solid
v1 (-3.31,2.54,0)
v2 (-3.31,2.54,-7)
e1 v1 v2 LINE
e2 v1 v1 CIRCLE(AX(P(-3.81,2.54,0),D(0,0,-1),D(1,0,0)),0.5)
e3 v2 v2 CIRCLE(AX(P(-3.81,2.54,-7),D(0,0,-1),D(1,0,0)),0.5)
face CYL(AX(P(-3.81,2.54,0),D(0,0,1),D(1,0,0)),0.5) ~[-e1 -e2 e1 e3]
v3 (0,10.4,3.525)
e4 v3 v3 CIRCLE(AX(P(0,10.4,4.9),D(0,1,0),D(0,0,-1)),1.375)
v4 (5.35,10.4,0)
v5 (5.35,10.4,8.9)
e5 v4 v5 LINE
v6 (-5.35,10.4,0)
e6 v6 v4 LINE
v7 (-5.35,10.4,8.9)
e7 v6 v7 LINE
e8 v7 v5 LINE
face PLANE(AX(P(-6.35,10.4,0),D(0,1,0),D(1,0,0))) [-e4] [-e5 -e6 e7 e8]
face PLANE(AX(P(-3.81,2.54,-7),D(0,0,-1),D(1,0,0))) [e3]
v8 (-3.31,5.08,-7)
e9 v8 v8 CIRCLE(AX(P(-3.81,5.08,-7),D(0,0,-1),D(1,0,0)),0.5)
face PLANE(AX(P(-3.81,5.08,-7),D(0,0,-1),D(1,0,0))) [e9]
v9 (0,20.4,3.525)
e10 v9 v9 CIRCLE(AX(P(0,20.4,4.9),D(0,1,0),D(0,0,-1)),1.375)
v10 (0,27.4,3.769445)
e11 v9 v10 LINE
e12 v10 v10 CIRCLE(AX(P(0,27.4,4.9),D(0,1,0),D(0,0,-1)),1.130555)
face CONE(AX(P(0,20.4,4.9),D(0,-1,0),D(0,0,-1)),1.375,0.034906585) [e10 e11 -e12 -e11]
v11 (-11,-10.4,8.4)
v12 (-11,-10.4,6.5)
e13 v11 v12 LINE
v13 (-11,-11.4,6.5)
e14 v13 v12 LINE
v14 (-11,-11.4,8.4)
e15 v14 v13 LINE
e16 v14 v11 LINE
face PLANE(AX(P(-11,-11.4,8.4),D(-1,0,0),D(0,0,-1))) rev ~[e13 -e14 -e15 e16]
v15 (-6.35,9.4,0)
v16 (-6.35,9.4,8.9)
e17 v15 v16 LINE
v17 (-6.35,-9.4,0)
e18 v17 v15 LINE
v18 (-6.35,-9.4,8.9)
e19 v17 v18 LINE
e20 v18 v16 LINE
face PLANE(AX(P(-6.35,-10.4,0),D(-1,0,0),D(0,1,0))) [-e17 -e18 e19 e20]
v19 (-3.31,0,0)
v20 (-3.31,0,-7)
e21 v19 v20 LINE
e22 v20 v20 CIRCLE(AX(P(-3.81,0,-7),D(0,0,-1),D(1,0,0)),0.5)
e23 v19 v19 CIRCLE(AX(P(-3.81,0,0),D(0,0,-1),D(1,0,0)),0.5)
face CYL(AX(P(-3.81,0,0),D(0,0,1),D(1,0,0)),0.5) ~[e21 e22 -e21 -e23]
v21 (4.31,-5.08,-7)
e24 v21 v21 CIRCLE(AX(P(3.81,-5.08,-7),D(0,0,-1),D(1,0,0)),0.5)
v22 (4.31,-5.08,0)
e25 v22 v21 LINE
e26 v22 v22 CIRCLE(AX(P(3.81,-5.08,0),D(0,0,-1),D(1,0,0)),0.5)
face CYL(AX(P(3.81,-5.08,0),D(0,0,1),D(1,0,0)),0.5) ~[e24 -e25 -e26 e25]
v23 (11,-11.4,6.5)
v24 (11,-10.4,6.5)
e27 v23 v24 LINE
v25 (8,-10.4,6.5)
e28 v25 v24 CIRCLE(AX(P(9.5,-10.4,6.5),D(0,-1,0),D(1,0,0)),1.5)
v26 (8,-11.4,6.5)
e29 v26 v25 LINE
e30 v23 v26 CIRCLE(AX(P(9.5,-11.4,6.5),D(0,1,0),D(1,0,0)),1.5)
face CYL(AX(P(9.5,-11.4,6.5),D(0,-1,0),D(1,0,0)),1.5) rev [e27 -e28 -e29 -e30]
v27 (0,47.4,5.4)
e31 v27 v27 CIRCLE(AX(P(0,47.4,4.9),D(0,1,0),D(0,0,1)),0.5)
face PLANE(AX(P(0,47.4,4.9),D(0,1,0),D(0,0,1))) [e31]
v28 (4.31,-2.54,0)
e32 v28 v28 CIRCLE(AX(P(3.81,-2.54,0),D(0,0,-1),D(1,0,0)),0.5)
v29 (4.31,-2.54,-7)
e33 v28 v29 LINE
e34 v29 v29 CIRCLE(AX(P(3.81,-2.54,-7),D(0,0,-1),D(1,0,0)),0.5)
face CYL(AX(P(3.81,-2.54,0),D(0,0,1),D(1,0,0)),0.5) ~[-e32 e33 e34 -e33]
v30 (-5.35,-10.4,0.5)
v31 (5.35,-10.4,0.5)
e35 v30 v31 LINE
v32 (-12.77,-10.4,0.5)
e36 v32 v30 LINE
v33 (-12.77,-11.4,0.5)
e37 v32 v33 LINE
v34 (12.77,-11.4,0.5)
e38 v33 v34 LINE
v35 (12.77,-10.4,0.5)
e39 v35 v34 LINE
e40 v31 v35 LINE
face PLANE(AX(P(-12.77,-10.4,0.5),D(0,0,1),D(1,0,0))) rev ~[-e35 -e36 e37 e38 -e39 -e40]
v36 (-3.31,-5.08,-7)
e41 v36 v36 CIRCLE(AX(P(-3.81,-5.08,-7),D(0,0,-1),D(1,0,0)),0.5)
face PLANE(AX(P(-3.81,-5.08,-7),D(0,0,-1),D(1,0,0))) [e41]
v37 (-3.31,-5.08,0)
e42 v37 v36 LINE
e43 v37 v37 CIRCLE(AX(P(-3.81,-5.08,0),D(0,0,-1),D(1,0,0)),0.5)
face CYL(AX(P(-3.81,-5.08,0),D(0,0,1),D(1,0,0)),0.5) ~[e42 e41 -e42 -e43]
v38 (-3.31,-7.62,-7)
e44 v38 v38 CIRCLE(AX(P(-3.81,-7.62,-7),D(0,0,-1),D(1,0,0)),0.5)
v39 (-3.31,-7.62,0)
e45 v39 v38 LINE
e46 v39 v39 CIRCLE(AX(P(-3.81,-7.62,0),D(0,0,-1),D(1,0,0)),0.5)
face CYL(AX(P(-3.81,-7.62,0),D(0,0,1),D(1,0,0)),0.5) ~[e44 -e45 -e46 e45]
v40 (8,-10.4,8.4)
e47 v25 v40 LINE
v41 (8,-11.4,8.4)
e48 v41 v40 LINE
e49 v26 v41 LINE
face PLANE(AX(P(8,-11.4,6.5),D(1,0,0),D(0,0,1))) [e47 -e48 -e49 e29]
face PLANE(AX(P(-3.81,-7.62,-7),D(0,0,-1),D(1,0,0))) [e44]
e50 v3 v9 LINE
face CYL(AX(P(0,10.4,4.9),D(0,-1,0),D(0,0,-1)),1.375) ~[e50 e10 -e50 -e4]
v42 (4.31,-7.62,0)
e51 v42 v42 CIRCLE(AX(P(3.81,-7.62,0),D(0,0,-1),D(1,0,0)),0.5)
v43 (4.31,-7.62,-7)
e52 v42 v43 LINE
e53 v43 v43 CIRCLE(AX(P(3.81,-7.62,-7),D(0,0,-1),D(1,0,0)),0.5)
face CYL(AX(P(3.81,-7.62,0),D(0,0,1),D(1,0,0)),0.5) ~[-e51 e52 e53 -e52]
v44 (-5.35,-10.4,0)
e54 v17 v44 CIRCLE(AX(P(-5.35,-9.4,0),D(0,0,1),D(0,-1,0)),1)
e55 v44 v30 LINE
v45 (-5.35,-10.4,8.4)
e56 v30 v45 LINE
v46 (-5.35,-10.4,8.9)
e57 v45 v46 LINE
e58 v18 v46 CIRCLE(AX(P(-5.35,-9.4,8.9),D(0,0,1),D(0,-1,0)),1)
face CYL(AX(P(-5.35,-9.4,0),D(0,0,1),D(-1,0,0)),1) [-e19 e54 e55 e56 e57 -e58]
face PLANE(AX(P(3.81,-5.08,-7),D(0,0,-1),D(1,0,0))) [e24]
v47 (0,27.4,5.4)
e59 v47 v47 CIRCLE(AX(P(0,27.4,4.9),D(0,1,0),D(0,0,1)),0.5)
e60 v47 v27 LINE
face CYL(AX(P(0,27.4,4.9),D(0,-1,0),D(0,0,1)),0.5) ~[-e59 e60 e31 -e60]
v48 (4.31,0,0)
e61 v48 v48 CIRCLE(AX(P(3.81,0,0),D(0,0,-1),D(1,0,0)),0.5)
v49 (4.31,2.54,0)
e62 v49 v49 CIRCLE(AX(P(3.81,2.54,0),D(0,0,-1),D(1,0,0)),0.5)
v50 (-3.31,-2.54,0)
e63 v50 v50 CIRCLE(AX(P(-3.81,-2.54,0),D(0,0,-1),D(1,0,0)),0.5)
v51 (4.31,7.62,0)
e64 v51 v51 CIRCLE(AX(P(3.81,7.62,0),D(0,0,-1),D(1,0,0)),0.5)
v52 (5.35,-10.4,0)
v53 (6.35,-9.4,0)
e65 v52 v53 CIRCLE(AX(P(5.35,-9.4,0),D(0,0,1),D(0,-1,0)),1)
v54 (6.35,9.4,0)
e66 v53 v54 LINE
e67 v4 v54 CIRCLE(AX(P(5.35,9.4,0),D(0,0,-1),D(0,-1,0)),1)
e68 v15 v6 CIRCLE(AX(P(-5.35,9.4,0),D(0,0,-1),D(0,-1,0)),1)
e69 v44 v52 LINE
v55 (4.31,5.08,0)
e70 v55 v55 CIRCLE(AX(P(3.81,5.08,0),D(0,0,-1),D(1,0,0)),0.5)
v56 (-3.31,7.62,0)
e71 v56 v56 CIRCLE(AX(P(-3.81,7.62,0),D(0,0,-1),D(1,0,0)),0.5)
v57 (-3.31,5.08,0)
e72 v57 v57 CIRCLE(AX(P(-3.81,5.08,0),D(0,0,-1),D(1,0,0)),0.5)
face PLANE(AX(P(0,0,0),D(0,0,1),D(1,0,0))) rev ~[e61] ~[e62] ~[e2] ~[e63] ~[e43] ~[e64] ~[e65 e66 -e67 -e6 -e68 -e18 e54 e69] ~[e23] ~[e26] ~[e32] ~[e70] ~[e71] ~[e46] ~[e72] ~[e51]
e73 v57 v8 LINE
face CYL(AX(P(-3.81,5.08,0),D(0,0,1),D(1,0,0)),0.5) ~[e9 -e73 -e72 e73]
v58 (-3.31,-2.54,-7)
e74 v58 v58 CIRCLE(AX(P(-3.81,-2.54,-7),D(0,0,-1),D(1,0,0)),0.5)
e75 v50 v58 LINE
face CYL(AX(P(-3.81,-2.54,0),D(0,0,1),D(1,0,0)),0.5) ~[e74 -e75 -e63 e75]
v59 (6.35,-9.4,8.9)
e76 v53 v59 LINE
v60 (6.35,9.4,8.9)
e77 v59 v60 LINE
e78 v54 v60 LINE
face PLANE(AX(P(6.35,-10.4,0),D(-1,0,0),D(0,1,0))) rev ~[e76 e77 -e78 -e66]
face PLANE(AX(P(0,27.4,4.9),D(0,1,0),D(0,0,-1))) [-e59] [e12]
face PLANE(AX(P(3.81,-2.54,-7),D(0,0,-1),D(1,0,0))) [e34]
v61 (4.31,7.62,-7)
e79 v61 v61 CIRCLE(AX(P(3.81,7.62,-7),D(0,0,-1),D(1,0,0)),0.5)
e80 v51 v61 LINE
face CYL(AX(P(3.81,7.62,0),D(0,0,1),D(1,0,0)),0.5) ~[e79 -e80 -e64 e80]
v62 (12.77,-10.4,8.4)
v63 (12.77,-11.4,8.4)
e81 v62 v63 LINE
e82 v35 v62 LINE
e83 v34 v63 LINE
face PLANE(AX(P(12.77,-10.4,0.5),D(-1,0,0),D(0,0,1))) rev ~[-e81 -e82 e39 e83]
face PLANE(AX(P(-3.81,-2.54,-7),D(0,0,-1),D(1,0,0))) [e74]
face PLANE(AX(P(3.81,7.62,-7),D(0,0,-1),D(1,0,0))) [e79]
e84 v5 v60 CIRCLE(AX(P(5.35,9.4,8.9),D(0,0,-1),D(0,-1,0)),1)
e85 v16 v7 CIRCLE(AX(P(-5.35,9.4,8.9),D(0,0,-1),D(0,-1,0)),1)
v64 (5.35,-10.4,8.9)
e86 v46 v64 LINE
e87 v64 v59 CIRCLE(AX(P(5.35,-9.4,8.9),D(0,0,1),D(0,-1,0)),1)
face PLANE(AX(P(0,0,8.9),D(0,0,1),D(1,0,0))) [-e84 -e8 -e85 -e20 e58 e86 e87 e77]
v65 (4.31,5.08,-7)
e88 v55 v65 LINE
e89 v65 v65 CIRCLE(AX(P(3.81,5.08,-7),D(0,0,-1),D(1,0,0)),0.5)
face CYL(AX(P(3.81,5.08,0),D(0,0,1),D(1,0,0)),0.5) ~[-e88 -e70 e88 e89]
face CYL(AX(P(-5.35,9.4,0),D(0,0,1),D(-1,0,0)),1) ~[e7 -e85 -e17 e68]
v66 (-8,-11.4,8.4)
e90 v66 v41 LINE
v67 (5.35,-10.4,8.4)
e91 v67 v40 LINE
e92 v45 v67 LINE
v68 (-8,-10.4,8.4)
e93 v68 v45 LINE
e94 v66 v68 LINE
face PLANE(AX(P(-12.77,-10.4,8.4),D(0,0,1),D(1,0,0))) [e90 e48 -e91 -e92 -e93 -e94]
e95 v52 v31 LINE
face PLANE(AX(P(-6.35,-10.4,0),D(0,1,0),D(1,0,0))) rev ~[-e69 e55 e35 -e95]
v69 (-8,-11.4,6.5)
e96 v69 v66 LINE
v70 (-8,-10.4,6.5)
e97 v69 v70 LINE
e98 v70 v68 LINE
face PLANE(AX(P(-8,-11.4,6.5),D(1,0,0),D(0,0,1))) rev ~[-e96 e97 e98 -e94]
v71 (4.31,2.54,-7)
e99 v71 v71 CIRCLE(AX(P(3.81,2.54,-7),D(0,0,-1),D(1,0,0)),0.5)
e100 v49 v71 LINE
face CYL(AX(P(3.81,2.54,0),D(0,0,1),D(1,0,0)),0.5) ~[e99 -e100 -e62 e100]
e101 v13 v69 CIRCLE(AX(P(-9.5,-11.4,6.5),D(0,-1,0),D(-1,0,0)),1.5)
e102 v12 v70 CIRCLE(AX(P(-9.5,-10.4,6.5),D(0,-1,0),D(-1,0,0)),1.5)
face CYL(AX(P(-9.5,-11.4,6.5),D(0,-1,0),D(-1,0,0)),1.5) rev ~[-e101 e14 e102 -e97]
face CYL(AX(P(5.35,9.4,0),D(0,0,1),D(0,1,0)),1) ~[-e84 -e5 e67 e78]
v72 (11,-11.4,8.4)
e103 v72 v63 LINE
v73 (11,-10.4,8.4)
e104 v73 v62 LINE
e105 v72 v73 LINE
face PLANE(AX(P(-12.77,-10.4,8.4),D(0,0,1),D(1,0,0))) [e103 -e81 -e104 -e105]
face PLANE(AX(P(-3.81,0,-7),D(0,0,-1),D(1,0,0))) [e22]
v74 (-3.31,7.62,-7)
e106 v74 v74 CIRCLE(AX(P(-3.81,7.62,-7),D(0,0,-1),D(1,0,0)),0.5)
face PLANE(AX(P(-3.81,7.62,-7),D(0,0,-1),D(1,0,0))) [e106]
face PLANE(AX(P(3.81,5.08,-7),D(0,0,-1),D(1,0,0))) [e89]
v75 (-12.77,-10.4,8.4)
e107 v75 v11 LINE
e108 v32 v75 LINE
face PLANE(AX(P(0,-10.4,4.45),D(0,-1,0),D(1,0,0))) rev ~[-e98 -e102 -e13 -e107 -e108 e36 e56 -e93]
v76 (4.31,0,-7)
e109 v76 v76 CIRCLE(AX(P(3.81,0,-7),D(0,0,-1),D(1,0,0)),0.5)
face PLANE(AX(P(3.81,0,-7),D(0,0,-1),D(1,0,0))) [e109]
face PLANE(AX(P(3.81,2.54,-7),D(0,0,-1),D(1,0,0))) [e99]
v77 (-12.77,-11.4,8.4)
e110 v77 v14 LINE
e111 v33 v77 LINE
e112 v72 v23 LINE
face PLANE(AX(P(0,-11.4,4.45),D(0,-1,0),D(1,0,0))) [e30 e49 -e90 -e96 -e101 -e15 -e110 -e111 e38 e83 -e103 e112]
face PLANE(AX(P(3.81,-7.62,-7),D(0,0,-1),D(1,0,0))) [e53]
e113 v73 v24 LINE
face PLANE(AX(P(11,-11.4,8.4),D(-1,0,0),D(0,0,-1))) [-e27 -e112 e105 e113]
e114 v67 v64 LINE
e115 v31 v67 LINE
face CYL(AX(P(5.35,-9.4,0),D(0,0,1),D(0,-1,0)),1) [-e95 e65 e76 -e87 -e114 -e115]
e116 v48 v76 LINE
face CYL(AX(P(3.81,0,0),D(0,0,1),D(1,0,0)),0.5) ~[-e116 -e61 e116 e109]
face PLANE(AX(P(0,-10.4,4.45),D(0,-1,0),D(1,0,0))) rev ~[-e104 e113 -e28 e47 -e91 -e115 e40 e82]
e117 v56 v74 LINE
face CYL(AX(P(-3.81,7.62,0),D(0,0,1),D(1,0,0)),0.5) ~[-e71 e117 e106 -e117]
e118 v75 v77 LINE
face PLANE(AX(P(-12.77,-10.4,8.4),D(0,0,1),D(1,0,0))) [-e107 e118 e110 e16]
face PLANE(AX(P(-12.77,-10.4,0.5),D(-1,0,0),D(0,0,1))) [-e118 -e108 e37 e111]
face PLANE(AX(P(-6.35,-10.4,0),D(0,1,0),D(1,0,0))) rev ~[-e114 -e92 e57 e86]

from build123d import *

# Parameters (mm, degrees)
SKETCH_1_W          = 12.7
SKETCH_1_H          = 20.8
EXTRUDE_1_DEPTH     = 8.9
SKETCH_2_R          = 0.5
EXTRUDE_2_DEPTH     = 7
FILLET_1_R          = 1
SKETCH_3_W          = 25.54
SKETCH_3_H          = 7.9
EXTRUDE_3_DEPTH     = 1
CUT_EXTRUDE_1_DEPTH = 27.786617928
SKETCH_5_R          = 1.375
EXTRUDE_4_DEPTH     = 17
CHAMFER_1_SIZE      = 7
CHAMFER_1_SIZE2     = 0.244445386
SKETCH_7_R          = 0.5
EXTRUDE_5_DEPTH     = 20


with BuildPart() as part:
    # 草图1 → 凸台-拉伸1 (new body)
    with BuildSketch(Plane.XY):
        Rectangle(SKETCH_1_W, SKETCH_1_H)
    extrude(amount=EXTRUDE_1_DEPTH)

    # 草图2 → 凸台-拉伸2 (add)
    with BuildSketch(Plane(origin=(0, 0, 0), x_dir=(-1, 0, 0), z_dir=(0, 0, -1))):
        with Locations(Location((-3.81, 0, 0), (0, 0, 180))):
            Circle(SKETCH_2_R)
        with Locations(Location((-3.81, 2.54, 0), (0, 0, 180))):
            Circle(SKETCH_2_R)
        with Locations(Location((-3.81, 5.08, 0), (0, 0, 180))):
            Circle(SKETCH_2_R)
        with Locations(Location((-3.81, 7.62, 0), (0, 0, 180))):
            Circle(SKETCH_2_R)
        with Locations(Location((-3.81, -2.54, 0), (0, 0, 180))):
            Circle(SKETCH_2_R)
        with Locations(Location((-3.81, -5.08, 0), (0, 0, 180))):
            Circle(SKETCH_2_R)
        with Locations(Location((-3.81, -7.62, 0), (0, 0, 180))):
            Circle(SKETCH_2_R)
        with Locations(Location((3.81, -7.62, 0), (0, 0, 180))):
            Circle(SKETCH_2_R)
        with Locations(Location((3.81, -5.08, 0), (0, 0, 180))):
            Circle(SKETCH_2_R)
        with Locations(Location((3.81, -2.54, 0), (0, 0, 180))):
            Circle(SKETCH_2_R)
        with Locations(Location((3.81, 7.62, 0), (0, 0, 180))):
            Circle(SKETCH_2_R)
        with Locations(Location((3.81, 5.08, 0), (0, 0, 180))):
            Circle(SKETCH_2_R)
        with Locations(Location((3.81, 2.54, 0), (0, 0, 180))):
            Circle(SKETCH_2_R)
        with Locations(Location((3.81, 0, 0), (0, 0, 180))):
            Circle(SKETCH_2_R)
    extrude(amount=EXTRUDE_2_DEPTH)

    # 圆角1
    fillet_1_edges = [part.edges().sort_by_distance(p)[0] for p in [
        (-6.35, 10.4, 4.45),
        (6.35, 10.4, 4.45),
        (6.35, -10.4, 4.45),
        (-6.35, -10.4, 4.45),
    ]]
    fillet(fillet_1_edges, radius=FILLET_1_R)

    # 草图3 → 凸台-拉伸3 (add)
    with BuildSketch(Plane.XZ.offset(10.4)):
        with Locations((0, 4.45)):
            Rectangle(SKETCH_3_W, SKETCH_3_H)
    extrude(amount=EXTRUDE_3_DEPTH)

    # 草图4 → 切除-拉伸1 (cut, through all)
    with BuildSketch(Plane.XZ.offset(11.4)):
        with BuildLine():
            Line((8, 6.5), (8, 8.4))
            Line((8, 8.4), (11, 8.4))
            Line((11, 8.4), (11, 6.5))
            ThreePointArc((11, 6.5), (9.5, 5), (8, 6.5))
        make_face()
        with BuildLine():
            Line((-8, 8.4), (-11, 8.4))
            Line((-11, 8.4), (-11, 6.5))
            ThreePointArc((-11, 6.5), (-9.5, 5), (-8, 6.5))
            Line((-8, 6.5), (-8, 8.4))
        make_face()
    extrude(amount=-CUT_EXTRUDE_1_DEPTH, mode=Mode.SUBTRACT)

    # 草图5 → 凸台-拉伸4 (add)
    with BuildSketch(Plane(origin=(0, 10.4, 0), x_dir=(1, 0, 0), z_dir=(0, 1, 0))):
        with Locations(Location((0, -4.9, 0), (0, 0, 90))):
            Circle(SKETCH_5_R)
    extrude(amount=EXTRUDE_4_DEPTH)

    # 倒角1
    chamfer_1_edges = [part.edges().sort_by_distance(p)[0] for p in [
        (0, 27.4, 6.275),
    ]]
    chamfer_1_side = [part.faces().sort_by_distance(p)[0] for p in [
        (0, 18.9, 6.275),
    ]]
    chamfer(chamfer_1_edges, length=CHAMFER_1_SIZE, length2=CHAMFER_1_SIZE2, reference=chamfer_1_side[0])

    # 草图7 → 凸台-拉伸5 (add)
    with BuildSketch(Plane(origin=(0, 27.4, 0), x_dir=(1, 0, 0), z_dir=(0, 1, 0))):
        with Locations(Location((0, -4.9, 0), (0, 0, 270))):
            Circle(SKETCH_7_R)
    extrude(amount=EXTRUDE_5_DEPTH)


solid = part.part
